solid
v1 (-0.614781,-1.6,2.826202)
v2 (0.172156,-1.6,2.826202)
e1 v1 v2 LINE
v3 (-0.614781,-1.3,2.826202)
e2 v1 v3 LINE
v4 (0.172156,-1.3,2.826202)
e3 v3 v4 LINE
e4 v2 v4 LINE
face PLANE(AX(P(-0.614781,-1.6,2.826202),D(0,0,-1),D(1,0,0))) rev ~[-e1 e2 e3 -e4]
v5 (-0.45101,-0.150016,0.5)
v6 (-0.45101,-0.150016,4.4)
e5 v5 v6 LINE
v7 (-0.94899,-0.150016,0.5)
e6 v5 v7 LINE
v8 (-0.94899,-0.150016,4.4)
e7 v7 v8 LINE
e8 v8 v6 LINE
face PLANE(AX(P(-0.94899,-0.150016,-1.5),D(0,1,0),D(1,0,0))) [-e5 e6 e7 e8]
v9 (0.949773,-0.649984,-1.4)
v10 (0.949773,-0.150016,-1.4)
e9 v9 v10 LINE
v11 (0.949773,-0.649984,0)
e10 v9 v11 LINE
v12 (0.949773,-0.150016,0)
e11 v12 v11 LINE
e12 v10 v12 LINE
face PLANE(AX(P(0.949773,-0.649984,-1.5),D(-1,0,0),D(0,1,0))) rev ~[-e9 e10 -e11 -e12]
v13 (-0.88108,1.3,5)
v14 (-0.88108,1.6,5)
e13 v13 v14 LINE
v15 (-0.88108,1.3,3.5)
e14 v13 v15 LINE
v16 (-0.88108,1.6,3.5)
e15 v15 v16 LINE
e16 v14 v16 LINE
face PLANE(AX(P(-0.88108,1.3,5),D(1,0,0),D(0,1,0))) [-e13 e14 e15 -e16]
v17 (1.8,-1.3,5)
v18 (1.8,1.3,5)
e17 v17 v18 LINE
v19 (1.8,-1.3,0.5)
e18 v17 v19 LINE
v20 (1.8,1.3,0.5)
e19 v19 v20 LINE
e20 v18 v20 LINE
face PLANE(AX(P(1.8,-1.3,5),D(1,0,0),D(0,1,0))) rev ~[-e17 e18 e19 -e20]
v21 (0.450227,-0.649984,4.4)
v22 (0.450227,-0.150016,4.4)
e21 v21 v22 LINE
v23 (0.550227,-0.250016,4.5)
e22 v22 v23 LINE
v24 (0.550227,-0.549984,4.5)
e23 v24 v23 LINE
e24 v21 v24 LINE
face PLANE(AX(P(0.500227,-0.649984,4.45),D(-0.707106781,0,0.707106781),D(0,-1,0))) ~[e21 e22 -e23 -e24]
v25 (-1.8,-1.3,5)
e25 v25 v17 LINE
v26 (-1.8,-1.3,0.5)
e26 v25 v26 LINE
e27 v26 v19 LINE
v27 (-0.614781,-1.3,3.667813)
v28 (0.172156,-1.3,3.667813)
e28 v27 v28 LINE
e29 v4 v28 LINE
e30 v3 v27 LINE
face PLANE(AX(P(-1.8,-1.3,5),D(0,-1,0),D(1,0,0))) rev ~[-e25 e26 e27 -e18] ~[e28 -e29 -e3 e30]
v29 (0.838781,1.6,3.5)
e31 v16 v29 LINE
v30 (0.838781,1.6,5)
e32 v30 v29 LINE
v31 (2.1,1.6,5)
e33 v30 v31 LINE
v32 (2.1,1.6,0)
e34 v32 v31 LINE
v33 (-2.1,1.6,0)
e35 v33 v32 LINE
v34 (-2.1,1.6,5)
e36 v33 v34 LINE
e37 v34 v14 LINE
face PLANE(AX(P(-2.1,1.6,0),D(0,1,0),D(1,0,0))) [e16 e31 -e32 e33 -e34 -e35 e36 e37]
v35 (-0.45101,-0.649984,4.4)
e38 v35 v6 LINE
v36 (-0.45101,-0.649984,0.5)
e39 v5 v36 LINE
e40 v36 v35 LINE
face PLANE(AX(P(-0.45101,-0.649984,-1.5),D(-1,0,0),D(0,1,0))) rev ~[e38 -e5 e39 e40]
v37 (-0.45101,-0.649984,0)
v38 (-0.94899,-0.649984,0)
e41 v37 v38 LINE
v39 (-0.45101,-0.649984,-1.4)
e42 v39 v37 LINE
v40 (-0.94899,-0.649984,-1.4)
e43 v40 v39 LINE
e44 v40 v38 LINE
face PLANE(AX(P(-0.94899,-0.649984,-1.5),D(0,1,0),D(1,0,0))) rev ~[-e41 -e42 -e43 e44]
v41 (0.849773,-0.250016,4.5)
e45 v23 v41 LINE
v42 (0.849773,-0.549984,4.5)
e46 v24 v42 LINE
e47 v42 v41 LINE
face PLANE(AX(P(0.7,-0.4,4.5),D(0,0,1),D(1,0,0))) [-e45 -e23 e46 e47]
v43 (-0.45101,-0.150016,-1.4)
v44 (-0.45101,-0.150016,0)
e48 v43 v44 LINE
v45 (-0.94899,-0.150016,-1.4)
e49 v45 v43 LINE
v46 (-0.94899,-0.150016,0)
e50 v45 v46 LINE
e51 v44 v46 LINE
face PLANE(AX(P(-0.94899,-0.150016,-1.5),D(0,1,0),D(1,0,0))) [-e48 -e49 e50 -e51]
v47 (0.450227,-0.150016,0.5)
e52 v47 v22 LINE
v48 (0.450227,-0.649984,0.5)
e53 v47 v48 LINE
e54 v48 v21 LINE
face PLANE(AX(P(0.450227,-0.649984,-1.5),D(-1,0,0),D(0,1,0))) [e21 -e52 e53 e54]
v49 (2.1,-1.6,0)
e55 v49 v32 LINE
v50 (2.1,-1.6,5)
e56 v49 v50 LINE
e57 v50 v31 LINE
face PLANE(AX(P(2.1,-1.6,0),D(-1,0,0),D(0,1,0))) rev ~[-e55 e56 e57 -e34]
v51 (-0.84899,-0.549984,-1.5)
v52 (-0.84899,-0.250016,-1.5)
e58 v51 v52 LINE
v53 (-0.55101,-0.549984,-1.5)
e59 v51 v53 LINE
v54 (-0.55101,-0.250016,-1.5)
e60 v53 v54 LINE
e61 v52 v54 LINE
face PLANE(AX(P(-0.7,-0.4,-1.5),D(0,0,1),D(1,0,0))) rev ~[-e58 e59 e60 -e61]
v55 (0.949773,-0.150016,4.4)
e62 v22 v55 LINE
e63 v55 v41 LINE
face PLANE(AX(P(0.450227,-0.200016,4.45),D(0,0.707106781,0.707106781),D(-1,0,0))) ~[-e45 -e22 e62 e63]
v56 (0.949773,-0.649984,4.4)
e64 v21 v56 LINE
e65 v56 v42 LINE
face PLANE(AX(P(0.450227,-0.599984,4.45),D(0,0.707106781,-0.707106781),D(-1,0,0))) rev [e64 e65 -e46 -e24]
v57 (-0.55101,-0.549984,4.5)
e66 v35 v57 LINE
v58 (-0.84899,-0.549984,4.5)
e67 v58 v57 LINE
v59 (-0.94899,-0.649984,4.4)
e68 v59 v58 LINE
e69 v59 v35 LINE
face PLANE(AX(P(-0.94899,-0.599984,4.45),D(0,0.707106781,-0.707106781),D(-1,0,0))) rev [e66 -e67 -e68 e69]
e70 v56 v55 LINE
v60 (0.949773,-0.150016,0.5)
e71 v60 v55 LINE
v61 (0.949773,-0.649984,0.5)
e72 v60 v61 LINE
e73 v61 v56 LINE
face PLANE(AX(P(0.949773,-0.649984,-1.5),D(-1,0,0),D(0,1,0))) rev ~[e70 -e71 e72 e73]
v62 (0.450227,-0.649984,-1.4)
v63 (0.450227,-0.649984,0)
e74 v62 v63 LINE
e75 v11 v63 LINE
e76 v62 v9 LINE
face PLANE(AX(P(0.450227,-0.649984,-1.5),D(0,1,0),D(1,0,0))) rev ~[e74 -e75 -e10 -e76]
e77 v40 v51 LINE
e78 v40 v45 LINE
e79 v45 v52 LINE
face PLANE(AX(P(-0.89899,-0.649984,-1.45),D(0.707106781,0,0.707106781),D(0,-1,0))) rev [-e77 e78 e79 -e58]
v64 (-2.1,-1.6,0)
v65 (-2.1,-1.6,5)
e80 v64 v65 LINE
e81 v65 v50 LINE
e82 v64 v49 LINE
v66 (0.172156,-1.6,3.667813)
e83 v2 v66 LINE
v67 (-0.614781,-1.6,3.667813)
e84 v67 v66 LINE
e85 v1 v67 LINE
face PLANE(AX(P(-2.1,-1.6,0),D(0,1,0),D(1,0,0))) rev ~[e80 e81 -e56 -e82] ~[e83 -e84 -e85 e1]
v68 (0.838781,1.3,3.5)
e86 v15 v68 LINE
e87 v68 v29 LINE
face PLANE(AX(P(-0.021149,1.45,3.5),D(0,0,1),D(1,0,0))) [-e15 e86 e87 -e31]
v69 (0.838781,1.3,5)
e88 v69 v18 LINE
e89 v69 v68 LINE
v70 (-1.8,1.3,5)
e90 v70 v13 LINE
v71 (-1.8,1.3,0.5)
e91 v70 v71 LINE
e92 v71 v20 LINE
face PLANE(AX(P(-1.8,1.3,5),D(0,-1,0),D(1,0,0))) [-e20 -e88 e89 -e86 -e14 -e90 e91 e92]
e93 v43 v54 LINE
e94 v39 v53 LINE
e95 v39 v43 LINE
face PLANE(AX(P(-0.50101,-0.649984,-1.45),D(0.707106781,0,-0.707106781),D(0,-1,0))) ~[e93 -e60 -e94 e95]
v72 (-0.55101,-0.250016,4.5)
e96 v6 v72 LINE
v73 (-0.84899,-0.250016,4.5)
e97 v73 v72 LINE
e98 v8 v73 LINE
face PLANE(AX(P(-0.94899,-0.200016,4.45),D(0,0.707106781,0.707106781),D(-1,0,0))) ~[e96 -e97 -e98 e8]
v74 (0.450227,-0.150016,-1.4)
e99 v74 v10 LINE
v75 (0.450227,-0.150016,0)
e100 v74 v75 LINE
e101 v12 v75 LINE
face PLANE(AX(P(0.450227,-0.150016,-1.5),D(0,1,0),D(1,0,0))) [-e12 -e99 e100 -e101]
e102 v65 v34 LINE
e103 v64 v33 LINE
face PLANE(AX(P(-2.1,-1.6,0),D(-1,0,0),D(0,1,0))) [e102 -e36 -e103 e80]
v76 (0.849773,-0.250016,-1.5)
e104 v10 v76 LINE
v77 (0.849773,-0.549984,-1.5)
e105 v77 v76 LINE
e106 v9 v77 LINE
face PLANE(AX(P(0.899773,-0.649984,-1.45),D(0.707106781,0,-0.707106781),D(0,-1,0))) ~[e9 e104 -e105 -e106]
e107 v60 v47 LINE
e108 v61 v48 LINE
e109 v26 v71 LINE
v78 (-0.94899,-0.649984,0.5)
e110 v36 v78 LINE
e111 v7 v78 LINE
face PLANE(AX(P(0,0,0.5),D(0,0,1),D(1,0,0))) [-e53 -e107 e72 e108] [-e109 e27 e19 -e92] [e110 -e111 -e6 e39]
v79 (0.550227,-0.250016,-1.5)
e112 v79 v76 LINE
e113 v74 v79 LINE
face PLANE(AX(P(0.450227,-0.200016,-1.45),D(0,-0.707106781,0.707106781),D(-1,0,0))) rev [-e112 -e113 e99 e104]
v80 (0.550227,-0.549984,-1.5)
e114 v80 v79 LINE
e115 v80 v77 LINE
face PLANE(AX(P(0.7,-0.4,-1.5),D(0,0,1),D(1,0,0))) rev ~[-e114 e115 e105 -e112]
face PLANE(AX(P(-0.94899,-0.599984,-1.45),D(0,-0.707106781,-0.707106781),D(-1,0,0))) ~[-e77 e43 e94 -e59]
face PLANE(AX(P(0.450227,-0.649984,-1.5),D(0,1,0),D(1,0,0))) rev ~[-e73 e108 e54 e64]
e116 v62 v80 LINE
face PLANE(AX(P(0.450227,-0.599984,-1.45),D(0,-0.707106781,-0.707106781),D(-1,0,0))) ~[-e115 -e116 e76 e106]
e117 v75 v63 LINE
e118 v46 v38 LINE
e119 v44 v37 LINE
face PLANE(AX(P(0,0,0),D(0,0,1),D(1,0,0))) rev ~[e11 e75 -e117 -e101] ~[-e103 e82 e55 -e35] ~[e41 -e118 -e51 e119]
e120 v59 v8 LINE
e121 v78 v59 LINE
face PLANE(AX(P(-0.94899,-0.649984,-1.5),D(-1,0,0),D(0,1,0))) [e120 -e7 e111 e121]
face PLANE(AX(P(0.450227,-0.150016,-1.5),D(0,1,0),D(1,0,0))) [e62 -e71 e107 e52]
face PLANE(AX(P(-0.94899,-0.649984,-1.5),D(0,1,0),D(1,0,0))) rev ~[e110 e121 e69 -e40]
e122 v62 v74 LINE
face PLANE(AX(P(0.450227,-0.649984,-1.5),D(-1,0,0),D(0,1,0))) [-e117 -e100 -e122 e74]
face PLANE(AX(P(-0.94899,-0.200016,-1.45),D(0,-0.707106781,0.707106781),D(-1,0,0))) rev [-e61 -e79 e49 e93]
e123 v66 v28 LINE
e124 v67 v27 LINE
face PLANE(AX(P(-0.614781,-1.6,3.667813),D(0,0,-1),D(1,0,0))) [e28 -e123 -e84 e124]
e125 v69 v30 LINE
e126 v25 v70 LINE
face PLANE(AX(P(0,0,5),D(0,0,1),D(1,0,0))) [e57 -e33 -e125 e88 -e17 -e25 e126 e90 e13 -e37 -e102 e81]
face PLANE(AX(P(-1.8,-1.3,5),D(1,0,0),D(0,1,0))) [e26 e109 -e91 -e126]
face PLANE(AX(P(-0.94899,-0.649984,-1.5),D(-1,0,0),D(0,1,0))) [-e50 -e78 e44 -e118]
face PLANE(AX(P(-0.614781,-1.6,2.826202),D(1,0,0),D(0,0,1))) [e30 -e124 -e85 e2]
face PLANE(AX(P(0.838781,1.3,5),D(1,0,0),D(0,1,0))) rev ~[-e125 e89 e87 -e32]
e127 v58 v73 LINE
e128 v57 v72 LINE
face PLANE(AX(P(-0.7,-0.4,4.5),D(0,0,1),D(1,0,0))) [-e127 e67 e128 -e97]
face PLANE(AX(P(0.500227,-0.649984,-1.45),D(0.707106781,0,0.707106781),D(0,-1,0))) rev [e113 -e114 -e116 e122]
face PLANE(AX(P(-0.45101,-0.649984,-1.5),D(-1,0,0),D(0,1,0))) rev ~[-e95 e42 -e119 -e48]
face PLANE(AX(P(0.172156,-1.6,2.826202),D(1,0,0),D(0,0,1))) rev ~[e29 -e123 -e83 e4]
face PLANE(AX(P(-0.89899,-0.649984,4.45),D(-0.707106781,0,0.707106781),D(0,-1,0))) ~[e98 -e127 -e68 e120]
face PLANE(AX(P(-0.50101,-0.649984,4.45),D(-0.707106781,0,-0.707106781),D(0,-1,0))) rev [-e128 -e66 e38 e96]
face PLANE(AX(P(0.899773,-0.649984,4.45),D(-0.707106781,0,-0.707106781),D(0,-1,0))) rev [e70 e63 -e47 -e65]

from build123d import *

# Parameters (mm, degrees)
SKETCH_1_W           = 4.2
SKETCH_1_H           = 3.2
EXTRUDE_1_DEPTH      = 5
SKETCH_2_W           = 3.6
SKETCH_2_H           = 2.6
CUT_EXTRUDE_2_DEPTH  = 4.5
SKETCH_10_W          = 1.719860591
SKETCH_10_H          = 0.3
CUT_EXTRUDE_6_DEPTH  = 1.5
EXTRUDE_2_DEPTH      = 4
EXTRUDE_2_DEPTH_BACK = 2
SKETCH_12_W          = 0.497980778
SKETCH_12_H          = 0.499968878
SKETCH_12_W_2        = 0.49954636
CHAMFER_2_SIZE       = 0.1
CHAMFER_3_SIZE       = 0.1
SKETCH_13_W          = 0.786936725
SKETCH_13_H          = 0.841611244
CUT_EXTRUDE_7_DEPTH  = 0.5


with BuildPart() as part:
    # 草图1 → 凸台-拉伸1 (new body)
    with BuildSketch(Plane.XY):
        Rectangle(SKETCH_1_W, SKETCH_1_H)
    extrude(amount=EXTRUDE_1_DEPTH)

    # 草图2 → 切除-拉伸2 (cut)
    with BuildSketch(Plane.XY.offset(5)):
        Rectangle(SKETCH_2_W, SKETCH_2_H)
    extrude(amount=-CUT_EXTRUDE_2_DEPTH, mode=Mode.SUBTRACT)

    # 草图10 → 切除-拉伸6 (cut)
    with BuildSketch(Plane.XY.offset(5)):
        with Locations((-0.021149262, 1.45)):
            Rectangle(SKETCH_10_W, SKETCH_10_H)
    extrude(amount=-CUT_EXTRUDE_6_DEPTH, mode=Mode.SUBTRACT)

    # 草图12 → 凸台-拉伸2 (add, two sides: drawn at the far end of the back side and taken through both)
    with BuildSketch(Plane.XY.offset(0.5).offset(-EXTRUDE_2_DEPTH_BACK)):
        with Locations((-0.7, -0.4)):
            Rectangle(SKETCH_12_W, SKETCH_12_H)
        with Locations((0.7, -0.4)):
            Rectangle(SKETCH_12_W_2, SKETCH_12_H)
    extrude(amount=EXTRUDE_2_DEPTH + EXTRUDE_2_DEPTH_BACK)

    # 倒角2
    chamfer_2_edges = [part.edges().sort_by_distance(p)[0] for p in [
        (-0.451009611, -0.4, 4.5),
        (-0.7, -0.150015561, 4.5),
        (-0.948990389, -0.4, 4.5),
        (-0.7, -0.649984439, 4.5),
        (0.94977318, -0.4, 4.5),
        (0.7, -0.150015561, 4.5),
        (0.45022682, -0.4, 4.5),
        (0.7, -0.649984439, 4.5),
    ]]
    chamfer(chamfer_2_edges, length=CHAMFER_2_SIZE)

    # 倒角3
    chamfer_3_edges = [part.edges().sort_by_distance(p)[0] for p in [
        (-0.451009611, -0.4, -1.5),
        (-0.7, -0.649984439, -1.5),
        (-0.948990389, -0.4, -1.5),
        (-0.7, -0.150015561, -1.5),
        (0.94977318, -0.4, -1.5),
        (0.7, -0.649984439, -1.5),
        (0.45022682, -0.4, -1.5),
        (0.7, -0.150015561, -1.5),
    ]]
    chamfer(chamfer_3_edges, length=CHAMFER_3_SIZE)

    # 草图13 → 切除-拉伸7 (cut)
    with BuildSketch(Plane.XZ.offset(1.6)):
        with Locations((-0.221312495, 3.247007401)):
            Rectangle(SKETCH_13_W, SKETCH_13_H)
    extrude(amount=-CUT_EXTRUDE_7_DEPTH, mode=Mode.SUBTRACT)


solid = part.part
